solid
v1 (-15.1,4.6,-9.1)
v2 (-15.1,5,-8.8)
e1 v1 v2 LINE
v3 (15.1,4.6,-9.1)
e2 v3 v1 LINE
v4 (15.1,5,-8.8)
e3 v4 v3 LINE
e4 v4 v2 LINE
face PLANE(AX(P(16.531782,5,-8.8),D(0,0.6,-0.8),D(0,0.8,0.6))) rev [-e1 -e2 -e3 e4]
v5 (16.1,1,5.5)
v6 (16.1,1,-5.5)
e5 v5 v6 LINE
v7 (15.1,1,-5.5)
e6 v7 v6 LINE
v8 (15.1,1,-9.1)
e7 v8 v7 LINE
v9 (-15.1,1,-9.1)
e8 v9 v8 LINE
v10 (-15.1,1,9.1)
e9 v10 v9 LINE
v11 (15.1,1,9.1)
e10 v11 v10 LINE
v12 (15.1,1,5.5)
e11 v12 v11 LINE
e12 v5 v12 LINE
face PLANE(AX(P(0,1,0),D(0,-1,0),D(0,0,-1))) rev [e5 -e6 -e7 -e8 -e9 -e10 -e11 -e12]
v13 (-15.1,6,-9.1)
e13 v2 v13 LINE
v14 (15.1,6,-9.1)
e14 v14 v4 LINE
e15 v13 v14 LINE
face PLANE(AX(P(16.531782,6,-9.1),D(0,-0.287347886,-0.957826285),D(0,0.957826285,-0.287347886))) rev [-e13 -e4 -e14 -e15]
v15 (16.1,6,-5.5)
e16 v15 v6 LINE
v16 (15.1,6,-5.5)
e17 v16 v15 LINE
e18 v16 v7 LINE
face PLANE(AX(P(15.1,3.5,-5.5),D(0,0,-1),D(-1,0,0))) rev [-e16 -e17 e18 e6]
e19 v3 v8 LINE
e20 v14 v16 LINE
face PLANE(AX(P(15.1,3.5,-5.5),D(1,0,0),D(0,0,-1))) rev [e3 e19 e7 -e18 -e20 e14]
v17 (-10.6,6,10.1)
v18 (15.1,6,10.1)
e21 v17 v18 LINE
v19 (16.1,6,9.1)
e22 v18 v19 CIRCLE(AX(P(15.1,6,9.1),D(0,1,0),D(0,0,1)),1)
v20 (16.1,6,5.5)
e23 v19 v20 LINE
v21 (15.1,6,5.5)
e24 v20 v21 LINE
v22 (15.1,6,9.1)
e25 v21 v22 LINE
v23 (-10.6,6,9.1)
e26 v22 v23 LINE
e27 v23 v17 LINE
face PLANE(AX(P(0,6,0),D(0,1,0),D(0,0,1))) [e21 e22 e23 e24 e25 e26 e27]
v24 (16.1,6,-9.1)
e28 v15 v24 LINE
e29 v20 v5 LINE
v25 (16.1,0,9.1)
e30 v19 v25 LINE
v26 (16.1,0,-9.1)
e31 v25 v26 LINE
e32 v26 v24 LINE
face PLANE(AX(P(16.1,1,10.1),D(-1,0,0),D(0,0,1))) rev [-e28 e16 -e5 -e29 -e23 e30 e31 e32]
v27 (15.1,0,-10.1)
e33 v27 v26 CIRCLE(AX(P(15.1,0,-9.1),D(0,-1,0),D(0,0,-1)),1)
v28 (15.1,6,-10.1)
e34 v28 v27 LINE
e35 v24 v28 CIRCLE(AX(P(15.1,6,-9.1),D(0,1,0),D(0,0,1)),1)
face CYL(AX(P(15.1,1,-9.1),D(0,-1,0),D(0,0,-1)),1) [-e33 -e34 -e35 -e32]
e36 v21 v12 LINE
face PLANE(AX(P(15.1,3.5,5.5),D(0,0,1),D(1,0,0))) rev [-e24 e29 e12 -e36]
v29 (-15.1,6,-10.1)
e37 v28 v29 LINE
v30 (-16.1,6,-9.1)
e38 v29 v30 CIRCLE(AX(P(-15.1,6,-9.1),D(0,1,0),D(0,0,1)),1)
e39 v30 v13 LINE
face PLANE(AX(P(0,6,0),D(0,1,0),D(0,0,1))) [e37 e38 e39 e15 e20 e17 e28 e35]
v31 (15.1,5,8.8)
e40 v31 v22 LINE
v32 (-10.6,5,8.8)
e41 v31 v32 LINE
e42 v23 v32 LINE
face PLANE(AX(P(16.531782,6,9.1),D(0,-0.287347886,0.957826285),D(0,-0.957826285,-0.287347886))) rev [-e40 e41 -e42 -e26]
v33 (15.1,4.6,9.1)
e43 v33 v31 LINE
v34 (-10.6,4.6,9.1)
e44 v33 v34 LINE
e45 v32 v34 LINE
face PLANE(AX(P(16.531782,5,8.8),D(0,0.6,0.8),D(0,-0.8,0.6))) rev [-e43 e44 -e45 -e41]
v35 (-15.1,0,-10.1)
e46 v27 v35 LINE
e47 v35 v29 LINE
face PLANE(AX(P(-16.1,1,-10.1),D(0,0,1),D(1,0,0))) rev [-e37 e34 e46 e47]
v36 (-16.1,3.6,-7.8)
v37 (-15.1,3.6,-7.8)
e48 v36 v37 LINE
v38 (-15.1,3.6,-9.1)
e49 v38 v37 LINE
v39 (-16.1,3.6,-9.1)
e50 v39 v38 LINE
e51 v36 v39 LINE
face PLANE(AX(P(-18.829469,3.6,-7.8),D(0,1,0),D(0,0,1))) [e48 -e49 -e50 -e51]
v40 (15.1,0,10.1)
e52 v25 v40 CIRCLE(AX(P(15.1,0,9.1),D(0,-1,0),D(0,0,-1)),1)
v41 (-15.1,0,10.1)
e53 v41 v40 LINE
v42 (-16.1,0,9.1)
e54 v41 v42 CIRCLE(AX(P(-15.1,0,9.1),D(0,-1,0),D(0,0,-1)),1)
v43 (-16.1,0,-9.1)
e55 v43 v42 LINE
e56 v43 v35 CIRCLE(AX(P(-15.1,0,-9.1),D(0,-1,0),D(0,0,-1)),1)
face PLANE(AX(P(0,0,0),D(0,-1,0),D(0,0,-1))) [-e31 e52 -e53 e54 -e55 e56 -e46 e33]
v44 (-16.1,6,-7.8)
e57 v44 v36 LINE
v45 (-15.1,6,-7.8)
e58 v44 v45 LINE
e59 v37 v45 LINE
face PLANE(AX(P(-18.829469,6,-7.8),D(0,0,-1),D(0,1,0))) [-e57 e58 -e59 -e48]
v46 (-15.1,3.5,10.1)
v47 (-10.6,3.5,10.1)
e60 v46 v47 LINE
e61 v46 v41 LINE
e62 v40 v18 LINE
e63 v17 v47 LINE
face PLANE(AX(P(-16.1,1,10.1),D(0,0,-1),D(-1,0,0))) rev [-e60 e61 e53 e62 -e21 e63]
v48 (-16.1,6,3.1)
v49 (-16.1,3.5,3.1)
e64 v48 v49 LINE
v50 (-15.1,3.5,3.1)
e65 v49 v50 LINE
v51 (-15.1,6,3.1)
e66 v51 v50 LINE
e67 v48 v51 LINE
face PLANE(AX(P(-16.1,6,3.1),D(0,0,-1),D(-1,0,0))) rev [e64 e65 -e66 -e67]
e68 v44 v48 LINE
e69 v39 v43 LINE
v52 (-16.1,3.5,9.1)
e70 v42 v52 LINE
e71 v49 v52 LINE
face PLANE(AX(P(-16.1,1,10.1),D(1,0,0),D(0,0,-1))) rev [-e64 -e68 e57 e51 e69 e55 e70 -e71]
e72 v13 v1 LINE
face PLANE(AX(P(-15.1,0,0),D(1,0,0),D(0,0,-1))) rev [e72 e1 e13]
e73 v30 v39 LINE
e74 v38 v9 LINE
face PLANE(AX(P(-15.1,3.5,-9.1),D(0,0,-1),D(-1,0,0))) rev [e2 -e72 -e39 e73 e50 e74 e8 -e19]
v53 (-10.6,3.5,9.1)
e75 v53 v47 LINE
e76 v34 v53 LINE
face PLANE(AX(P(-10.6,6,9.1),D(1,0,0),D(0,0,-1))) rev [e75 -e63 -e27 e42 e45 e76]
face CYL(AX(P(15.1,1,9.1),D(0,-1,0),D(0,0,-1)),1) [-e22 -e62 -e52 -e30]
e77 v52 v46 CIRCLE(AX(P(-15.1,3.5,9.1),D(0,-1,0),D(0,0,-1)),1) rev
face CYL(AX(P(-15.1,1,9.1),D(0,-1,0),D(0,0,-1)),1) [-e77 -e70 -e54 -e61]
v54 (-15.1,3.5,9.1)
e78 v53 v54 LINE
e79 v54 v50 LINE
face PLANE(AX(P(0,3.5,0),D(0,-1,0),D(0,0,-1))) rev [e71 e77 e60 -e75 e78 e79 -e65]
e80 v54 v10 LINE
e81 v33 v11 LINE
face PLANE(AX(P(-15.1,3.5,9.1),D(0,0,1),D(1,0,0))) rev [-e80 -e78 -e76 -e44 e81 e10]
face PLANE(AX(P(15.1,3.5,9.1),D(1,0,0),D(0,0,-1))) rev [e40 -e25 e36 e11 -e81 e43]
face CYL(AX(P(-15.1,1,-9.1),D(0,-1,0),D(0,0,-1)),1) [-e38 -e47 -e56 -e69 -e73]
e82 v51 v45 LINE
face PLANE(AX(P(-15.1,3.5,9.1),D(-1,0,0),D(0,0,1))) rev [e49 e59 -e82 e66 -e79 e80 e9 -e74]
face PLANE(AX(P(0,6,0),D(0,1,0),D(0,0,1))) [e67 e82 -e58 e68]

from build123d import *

# Parameters (mm, degrees)
SKETCH1_W                       = 32.2
SKETCH1_H                       = 20.2
BOSS_EXTRUDE1_DEPTH             = 1
BOSS_EXTRUDE2_DEPTH             = 2.5
BOSS_EXTRUDE3_DEPTH             = 2.5
BOSS_EXTRUDE4_REACH             = 18.1
BOSS_EXTRUDE4_DIRECTION_2_REACH = 18.1
BOSS_EXTRUDE5_DEPTH             = 4.5
FILLET1_R                       = 1
SKETCH6_W                       = 1.3
SKETCH6_H                       = 2.4
CUT_EXTRUDE1_DEPTH              = 1


with BuildPart() as part:
    # Sketch1 → Boss-Extrude1 (new body)
    with BuildSketch(Plane(origin=(0, 0, 0), x_dir=(1, 0, 0), z_dir=(0, 1, 0))):
        Rectangle(SKETCH1_W, SKETCH1_H)
    extrude(amount=BOSS_EXTRUDE1_DEPTH)

    # Sketch2 → Boss-Extrude2 (add)
    with BuildSketch(Plane(origin=(0, 1, 0), x_dir=(1, 0, 0), z_dir=(0, 1, 0))):
        Polygon((-16.1, -10.1), (16.1, -10.1), (16.1, -5.5), (15.1, -5.5), (15.1, -9.1), (-15.1, -9.1), (-15.1, 9.1), (15.1, 9.1), (15.1, 5.5), (16.1, 5.5), (16.1, 10.1), (-16.1, 10.1), align=None)
    extrude(amount=BOSS_EXTRUDE2_DEPTH)

    # Sketch3 → Boss-Extrude3 (add)
    with BuildSketch(Plane(origin=(0, 3.5, 0), x_dir=(1, 0, 0), z_dir=(0, 1, 0))):
        Polygon((-10.6, -9.1), (-10.6, -10.1), (16.1, -10.1), (16.1, -5.5), (15.1, -5.5), (15.1, -9.1), align=None)
        Polygon((-16.1, -3.1), (-15.1, -3.1), (-15.1, 9.1), (15.1, 9.1), (15.1, 5.5), (16.1, 5.5), (16.1, 10.1), (-16.1, 10.1), align=None)
    extrude(amount=BOSS_EXTRUDE3_DEPTH)

    # Boss-Extrude4: up to this face of the body (flat: up to its plane)
    boss_extrude4_end = Plane(part.part.faces().sort_by_distance((15.1, 3.5, -7.3))[0])
    # Sketch4 → Boss-Extrude4 (add, up to the picked face)
    with BuildSketch(Plane(origin=(0, 0, 0), x_dir=(0, 0, -1), z_dir=(1, 0, 0)), mode=Mode.PRIVATE) as boss_extrude4_sk1:
        Polygon((-9.1, 6), (-8.8, 5), (-9.1, 4.6), (-9.1, 5), align=None)
    boss_extrude4_tool1 = split(extrude(boss_extrude4_sk1.sketch, amount=BOSS_EXTRUDE4_REACH, mode=Mode.PRIVATE), bisect_by=boss_extrude4_end, keep=Keep.BOTH, mode=Mode.PRIVATE)
    add(boss_extrude4_tool1.solids().sort_by_distance((0, 5.2, 9))[0])
    # Sketch4 → Boss-Extrude4 (add, up to the picked face)
    with BuildSketch(Plane(origin=(0, 0, 0), x_dir=(0, 0, -1), z_dir=(1, 0, 0)), mode=Mode.PRIVATE) as boss_extrude4_sk2:
        Polygon((9.1, 4.6), (9.1, 5), (9.1, 6), (8.8, 5), align=None)
    boss_extrude4_tool2 = split(extrude(boss_extrude4_sk2.sketch, amount=BOSS_EXTRUDE4_REACH, mode=Mode.PRIVATE), bisect_by=boss_extrude4_end, keep=Keep.BOTH, mode=Mode.PRIVATE)
    add(boss_extrude4_tool2.solids().sort_by_distance((0, 5.2, -9))[0])

    # Boss-Extrude4 direction 2: up to this face of the body (flat: up to its plane)
    boss_extrude4_direction_2_end = Plane(part.part.faces().sort_by_distance((-10.6, 4.75, 9.6))[0])
    # Sketch4 → Boss-Extrude4 direction 2 (add, up to the picked face)
    with BuildSketch(Plane(origin=(0, 0, 0), x_dir=(0, 0, -1), z_dir=(1, 0, 0)), mode=Mode.PRIVATE) as boss_extrude4_direction_2_sk1:
        Polygon((-9.1, 6), (-8.8, 5), (-9.1, 4.6), (-9.1, 5), align=None)
    boss_extrude4_direction_2_tool1 = split(extrude(boss_extrude4_direction_2_sk1.sketch, amount=-BOSS_EXTRUDE4_DIRECTION_2_REACH, mode=Mode.PRIVATE), bisect_by=boss_extrude4_direction_2_end, keep=Keep.BOTH, mode=Mode.PRIVATE)
    add(boss_extrude4_direction_2_tool1.solids().sort_by_distance((0, 5.2, 9))[0])
    # Sketch4 → Boss-Extrude4 direction 2 (add, up to the picked face)
    with BuildSketch(Plane(origin=(0, 0, 0), x_dir=(0, 0, -1), z_dir=(1, 0, 0)), mode=Mode.PRIVATE) as boss_extrude4_direction_2_sk2:
        Polygon((9.1, 4.6), (9.1, 5), (9.1, 6), (8.8, 5), align=None)
    boss_extrude4_direction_2_tool2 = split(extrude(boss_extrude4_direction_2_sk2.sketch, amount=-BOSS_EXTRUDE4_DIRECTION_2_REACH, mode=Mode.PRIVATE), bisect_by=boss_extrude4_direction_2_end, keep=Keep.BOTH, mode=Mode.PRIVATE)
    add(boss_extrude4_direction_2_tool2.solids().sort_by_distance((0, 5.2, -9))[0])

    # Sketch5 → Boss-Extrude5 (add)
    with BuildSketch(Plane.ZY.offset(10.6)):
        Polygon((-9.1, 4.6), (-8.8, 5), (-9.1, 6), align=None)
    extrude(amount=BOSS_EXTRUDE5_DEPTH)

    # Fillet1
    fillet1_edges = [part.edges().sort_by_distance(p)[0] for p in [
        (16.1, 3, 10.1),
        (-16.1, 1.75, 10.1),
        (-16.1, 3, -10.1),
        (16.1, 3, -10.1),
    ]]
    fillet(fillet1_edges, radius=FILLET1_R)

    # Sketch6 → Cut-Extrude1 (cut)
    with BuildSketch(Plane.ZY.offset(15.1)):
        with Locations((-8.45, 4.8)):
            Rectangle(SKETCH6_W, SKETCH6_H)
    extrude(amount=CUT_EXTRUDE1_DEPTH, mode=Mode.SUBTRACT)


solid = part.part
